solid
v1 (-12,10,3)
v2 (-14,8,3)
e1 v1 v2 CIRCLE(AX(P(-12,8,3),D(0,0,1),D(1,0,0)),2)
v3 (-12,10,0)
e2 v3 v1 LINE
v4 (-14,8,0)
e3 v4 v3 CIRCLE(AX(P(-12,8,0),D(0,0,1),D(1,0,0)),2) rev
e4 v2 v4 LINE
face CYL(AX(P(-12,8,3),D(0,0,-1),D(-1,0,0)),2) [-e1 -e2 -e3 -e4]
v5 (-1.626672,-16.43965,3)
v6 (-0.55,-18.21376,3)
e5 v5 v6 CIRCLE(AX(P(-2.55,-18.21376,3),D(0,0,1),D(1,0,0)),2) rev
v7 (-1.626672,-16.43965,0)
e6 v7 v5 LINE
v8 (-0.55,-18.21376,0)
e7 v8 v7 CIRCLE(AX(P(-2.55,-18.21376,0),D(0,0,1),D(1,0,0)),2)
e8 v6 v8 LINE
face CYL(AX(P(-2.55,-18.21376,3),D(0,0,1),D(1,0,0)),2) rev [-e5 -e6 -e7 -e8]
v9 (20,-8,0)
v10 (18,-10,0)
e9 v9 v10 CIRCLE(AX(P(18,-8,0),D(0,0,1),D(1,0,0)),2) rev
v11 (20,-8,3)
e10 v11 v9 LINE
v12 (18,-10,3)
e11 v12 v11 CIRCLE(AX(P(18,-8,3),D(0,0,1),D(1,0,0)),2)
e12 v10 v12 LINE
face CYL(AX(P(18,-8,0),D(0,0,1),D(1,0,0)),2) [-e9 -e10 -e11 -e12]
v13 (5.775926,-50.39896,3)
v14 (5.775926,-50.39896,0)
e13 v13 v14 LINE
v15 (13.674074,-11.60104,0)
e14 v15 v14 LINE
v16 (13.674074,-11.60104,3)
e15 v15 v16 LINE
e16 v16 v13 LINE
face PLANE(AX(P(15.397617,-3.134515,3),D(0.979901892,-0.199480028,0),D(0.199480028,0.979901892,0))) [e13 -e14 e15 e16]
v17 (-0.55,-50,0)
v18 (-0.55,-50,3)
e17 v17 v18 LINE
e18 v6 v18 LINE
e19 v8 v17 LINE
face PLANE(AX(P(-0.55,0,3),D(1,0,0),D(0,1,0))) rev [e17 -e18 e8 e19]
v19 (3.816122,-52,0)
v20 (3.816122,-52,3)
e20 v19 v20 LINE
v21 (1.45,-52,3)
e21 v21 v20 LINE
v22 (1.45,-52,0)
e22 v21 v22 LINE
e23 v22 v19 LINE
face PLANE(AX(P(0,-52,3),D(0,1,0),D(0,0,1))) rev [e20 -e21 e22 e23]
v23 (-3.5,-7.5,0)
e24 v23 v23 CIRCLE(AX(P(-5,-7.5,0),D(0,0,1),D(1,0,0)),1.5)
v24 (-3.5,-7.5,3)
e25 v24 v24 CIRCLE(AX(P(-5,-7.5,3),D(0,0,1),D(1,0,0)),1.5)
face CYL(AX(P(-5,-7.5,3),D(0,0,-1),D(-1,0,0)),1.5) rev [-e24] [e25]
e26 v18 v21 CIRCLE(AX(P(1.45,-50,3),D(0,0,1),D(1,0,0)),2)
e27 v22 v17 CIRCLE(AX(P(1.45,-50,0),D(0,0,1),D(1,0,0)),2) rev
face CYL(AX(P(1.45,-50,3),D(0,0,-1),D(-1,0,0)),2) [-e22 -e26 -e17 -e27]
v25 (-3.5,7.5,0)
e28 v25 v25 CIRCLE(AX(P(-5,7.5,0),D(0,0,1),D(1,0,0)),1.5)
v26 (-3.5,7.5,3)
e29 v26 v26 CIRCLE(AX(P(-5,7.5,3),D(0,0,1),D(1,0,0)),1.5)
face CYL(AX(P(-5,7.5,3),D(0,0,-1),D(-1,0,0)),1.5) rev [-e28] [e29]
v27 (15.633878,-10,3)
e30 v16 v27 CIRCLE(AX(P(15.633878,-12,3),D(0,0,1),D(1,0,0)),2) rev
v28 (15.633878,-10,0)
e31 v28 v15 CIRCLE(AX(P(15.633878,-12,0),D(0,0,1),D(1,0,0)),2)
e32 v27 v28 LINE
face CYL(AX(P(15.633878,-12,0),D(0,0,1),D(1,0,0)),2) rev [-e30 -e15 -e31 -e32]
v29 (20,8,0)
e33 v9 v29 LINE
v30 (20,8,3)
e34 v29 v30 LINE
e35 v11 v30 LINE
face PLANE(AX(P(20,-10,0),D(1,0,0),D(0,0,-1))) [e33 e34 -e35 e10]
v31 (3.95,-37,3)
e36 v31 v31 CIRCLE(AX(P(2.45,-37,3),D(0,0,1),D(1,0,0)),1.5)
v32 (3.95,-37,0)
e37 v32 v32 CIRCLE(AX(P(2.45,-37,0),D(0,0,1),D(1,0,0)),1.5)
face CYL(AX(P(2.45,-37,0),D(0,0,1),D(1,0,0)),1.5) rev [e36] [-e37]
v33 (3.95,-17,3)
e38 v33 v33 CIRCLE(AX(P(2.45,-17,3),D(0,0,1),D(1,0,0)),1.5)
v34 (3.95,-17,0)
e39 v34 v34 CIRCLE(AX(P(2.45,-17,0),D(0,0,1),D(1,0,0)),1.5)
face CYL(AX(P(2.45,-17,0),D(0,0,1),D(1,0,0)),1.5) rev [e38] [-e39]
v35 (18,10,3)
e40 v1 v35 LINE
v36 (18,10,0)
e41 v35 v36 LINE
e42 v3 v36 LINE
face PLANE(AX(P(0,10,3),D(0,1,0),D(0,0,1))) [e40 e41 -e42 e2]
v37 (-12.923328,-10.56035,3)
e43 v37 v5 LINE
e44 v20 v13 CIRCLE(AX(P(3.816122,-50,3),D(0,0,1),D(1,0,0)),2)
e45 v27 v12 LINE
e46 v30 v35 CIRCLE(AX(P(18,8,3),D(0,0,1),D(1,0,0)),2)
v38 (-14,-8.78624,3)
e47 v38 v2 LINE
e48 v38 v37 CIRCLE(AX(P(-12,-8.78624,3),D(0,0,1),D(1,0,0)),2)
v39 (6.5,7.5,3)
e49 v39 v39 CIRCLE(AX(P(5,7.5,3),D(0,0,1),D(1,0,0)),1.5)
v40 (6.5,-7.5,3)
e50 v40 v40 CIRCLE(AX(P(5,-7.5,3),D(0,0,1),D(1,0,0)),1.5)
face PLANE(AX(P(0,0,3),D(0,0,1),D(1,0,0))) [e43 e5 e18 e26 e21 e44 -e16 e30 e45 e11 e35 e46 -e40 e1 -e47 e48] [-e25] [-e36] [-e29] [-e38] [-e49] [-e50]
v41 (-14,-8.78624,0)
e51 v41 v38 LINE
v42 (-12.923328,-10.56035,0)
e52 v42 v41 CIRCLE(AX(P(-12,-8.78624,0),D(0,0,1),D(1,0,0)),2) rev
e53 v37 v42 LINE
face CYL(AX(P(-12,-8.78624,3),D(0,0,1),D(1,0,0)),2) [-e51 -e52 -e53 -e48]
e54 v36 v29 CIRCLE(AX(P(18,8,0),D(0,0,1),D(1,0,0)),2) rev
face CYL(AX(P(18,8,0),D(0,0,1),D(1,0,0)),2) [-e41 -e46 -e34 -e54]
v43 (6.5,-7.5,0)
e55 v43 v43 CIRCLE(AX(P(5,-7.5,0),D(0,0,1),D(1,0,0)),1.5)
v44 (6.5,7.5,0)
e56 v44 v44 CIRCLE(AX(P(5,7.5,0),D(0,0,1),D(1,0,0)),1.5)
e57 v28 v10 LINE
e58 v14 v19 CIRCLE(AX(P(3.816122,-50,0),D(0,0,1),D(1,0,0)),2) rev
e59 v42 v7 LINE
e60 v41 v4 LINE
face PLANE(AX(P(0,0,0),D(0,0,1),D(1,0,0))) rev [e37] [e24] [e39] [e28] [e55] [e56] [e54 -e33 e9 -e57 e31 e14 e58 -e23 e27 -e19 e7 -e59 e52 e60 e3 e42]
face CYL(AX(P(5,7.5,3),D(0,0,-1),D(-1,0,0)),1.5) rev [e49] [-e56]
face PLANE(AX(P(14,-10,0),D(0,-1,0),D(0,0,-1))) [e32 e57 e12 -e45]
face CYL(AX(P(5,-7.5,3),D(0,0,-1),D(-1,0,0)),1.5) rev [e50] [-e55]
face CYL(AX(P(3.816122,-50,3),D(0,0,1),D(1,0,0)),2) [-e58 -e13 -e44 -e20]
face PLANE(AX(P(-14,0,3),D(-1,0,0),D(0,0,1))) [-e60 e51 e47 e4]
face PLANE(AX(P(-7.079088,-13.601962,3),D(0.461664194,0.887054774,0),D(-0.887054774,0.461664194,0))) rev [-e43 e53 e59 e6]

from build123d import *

# Parameters (mm, degrees)
SKETCH_1_R          = 1.5
EXTRUDE_1_DEPTH     = 3
SKETCH_4_R          = 1.5
CUT_EXTRUDE_1_DEPTH = 3
SKETCH_6_W          = 6
SKETCH_6_H          = 20
EXTRUDE_2_DEPTH     = 3
FILLET_1_R          = 2


with BuildPart() as part:
    # 草图1 → 凸台-拉伸1 (new body)
    with BuildSketch(Plane.XY):
        Polygon((-14, -10), (-0.55, -17), (-0.55, -52), (5.45, -52), (14, -10), (14, 10), (-14, 10), align=None)
        with Locations((5, 7.5)):
            Circle(SKETCH_1_R, mode=Mode.SUBTRACT)
        with Locations((5, -7.5)):
            Circle(SKETCH_1_R, mode=Mode.SUBTRACT)
        with Locations((-5, -7.5)):
            Circle(SKETCH_1_R, mode=Mode.SUBTRACT)
        with Locations((-5, 7.5)):
            Circle(SKETCH_1_R, mode=Mode.SUBTRACT)
    extrude(amount=EXTRUDE_1_DEPTH)

    # 草图4 → 切除-拉伸1 (cut)
    with BuildSketch(Plane.XY.offset(3)):
        with Locations((2.45, -37)):
            Circle(SKETCH_4_R)
        with Locations((2.45, -17)):
            Circle(SKETCH_4_R)
    extrude(amount=-CUT_EXTRUDE_1_DEPTH, mode=Mode.SUBTRACT)

    # 草图6 → 凸台-拉伸2 (add)
    with BuildSketch(Plane.XY.offset(3)):
        with Locations((17, 0)):
            Rectangle(SKETCH_6_W, SKETCH_6_H)
    extrude(amount=-EXTRUDE_2_DEPTH)

    # 圆角1
    fillet_1_edges = [part.edges().sort_by_distance(p)[0] for p in [
        (-0.55, -52, 1.5),
        (-0.55, -17, 1.5),
        (-14, -10, 1.5),
        (-14, 10, 1.5),
        (14, -10, 1.5),
        (5.45, -52, 1.5),
        (20, 10, 1.5),
        (20, -10, 1.5),
    ]]
    fillet(fillet_1_edges, radius=FILLET_1_R)


solid = part.part
